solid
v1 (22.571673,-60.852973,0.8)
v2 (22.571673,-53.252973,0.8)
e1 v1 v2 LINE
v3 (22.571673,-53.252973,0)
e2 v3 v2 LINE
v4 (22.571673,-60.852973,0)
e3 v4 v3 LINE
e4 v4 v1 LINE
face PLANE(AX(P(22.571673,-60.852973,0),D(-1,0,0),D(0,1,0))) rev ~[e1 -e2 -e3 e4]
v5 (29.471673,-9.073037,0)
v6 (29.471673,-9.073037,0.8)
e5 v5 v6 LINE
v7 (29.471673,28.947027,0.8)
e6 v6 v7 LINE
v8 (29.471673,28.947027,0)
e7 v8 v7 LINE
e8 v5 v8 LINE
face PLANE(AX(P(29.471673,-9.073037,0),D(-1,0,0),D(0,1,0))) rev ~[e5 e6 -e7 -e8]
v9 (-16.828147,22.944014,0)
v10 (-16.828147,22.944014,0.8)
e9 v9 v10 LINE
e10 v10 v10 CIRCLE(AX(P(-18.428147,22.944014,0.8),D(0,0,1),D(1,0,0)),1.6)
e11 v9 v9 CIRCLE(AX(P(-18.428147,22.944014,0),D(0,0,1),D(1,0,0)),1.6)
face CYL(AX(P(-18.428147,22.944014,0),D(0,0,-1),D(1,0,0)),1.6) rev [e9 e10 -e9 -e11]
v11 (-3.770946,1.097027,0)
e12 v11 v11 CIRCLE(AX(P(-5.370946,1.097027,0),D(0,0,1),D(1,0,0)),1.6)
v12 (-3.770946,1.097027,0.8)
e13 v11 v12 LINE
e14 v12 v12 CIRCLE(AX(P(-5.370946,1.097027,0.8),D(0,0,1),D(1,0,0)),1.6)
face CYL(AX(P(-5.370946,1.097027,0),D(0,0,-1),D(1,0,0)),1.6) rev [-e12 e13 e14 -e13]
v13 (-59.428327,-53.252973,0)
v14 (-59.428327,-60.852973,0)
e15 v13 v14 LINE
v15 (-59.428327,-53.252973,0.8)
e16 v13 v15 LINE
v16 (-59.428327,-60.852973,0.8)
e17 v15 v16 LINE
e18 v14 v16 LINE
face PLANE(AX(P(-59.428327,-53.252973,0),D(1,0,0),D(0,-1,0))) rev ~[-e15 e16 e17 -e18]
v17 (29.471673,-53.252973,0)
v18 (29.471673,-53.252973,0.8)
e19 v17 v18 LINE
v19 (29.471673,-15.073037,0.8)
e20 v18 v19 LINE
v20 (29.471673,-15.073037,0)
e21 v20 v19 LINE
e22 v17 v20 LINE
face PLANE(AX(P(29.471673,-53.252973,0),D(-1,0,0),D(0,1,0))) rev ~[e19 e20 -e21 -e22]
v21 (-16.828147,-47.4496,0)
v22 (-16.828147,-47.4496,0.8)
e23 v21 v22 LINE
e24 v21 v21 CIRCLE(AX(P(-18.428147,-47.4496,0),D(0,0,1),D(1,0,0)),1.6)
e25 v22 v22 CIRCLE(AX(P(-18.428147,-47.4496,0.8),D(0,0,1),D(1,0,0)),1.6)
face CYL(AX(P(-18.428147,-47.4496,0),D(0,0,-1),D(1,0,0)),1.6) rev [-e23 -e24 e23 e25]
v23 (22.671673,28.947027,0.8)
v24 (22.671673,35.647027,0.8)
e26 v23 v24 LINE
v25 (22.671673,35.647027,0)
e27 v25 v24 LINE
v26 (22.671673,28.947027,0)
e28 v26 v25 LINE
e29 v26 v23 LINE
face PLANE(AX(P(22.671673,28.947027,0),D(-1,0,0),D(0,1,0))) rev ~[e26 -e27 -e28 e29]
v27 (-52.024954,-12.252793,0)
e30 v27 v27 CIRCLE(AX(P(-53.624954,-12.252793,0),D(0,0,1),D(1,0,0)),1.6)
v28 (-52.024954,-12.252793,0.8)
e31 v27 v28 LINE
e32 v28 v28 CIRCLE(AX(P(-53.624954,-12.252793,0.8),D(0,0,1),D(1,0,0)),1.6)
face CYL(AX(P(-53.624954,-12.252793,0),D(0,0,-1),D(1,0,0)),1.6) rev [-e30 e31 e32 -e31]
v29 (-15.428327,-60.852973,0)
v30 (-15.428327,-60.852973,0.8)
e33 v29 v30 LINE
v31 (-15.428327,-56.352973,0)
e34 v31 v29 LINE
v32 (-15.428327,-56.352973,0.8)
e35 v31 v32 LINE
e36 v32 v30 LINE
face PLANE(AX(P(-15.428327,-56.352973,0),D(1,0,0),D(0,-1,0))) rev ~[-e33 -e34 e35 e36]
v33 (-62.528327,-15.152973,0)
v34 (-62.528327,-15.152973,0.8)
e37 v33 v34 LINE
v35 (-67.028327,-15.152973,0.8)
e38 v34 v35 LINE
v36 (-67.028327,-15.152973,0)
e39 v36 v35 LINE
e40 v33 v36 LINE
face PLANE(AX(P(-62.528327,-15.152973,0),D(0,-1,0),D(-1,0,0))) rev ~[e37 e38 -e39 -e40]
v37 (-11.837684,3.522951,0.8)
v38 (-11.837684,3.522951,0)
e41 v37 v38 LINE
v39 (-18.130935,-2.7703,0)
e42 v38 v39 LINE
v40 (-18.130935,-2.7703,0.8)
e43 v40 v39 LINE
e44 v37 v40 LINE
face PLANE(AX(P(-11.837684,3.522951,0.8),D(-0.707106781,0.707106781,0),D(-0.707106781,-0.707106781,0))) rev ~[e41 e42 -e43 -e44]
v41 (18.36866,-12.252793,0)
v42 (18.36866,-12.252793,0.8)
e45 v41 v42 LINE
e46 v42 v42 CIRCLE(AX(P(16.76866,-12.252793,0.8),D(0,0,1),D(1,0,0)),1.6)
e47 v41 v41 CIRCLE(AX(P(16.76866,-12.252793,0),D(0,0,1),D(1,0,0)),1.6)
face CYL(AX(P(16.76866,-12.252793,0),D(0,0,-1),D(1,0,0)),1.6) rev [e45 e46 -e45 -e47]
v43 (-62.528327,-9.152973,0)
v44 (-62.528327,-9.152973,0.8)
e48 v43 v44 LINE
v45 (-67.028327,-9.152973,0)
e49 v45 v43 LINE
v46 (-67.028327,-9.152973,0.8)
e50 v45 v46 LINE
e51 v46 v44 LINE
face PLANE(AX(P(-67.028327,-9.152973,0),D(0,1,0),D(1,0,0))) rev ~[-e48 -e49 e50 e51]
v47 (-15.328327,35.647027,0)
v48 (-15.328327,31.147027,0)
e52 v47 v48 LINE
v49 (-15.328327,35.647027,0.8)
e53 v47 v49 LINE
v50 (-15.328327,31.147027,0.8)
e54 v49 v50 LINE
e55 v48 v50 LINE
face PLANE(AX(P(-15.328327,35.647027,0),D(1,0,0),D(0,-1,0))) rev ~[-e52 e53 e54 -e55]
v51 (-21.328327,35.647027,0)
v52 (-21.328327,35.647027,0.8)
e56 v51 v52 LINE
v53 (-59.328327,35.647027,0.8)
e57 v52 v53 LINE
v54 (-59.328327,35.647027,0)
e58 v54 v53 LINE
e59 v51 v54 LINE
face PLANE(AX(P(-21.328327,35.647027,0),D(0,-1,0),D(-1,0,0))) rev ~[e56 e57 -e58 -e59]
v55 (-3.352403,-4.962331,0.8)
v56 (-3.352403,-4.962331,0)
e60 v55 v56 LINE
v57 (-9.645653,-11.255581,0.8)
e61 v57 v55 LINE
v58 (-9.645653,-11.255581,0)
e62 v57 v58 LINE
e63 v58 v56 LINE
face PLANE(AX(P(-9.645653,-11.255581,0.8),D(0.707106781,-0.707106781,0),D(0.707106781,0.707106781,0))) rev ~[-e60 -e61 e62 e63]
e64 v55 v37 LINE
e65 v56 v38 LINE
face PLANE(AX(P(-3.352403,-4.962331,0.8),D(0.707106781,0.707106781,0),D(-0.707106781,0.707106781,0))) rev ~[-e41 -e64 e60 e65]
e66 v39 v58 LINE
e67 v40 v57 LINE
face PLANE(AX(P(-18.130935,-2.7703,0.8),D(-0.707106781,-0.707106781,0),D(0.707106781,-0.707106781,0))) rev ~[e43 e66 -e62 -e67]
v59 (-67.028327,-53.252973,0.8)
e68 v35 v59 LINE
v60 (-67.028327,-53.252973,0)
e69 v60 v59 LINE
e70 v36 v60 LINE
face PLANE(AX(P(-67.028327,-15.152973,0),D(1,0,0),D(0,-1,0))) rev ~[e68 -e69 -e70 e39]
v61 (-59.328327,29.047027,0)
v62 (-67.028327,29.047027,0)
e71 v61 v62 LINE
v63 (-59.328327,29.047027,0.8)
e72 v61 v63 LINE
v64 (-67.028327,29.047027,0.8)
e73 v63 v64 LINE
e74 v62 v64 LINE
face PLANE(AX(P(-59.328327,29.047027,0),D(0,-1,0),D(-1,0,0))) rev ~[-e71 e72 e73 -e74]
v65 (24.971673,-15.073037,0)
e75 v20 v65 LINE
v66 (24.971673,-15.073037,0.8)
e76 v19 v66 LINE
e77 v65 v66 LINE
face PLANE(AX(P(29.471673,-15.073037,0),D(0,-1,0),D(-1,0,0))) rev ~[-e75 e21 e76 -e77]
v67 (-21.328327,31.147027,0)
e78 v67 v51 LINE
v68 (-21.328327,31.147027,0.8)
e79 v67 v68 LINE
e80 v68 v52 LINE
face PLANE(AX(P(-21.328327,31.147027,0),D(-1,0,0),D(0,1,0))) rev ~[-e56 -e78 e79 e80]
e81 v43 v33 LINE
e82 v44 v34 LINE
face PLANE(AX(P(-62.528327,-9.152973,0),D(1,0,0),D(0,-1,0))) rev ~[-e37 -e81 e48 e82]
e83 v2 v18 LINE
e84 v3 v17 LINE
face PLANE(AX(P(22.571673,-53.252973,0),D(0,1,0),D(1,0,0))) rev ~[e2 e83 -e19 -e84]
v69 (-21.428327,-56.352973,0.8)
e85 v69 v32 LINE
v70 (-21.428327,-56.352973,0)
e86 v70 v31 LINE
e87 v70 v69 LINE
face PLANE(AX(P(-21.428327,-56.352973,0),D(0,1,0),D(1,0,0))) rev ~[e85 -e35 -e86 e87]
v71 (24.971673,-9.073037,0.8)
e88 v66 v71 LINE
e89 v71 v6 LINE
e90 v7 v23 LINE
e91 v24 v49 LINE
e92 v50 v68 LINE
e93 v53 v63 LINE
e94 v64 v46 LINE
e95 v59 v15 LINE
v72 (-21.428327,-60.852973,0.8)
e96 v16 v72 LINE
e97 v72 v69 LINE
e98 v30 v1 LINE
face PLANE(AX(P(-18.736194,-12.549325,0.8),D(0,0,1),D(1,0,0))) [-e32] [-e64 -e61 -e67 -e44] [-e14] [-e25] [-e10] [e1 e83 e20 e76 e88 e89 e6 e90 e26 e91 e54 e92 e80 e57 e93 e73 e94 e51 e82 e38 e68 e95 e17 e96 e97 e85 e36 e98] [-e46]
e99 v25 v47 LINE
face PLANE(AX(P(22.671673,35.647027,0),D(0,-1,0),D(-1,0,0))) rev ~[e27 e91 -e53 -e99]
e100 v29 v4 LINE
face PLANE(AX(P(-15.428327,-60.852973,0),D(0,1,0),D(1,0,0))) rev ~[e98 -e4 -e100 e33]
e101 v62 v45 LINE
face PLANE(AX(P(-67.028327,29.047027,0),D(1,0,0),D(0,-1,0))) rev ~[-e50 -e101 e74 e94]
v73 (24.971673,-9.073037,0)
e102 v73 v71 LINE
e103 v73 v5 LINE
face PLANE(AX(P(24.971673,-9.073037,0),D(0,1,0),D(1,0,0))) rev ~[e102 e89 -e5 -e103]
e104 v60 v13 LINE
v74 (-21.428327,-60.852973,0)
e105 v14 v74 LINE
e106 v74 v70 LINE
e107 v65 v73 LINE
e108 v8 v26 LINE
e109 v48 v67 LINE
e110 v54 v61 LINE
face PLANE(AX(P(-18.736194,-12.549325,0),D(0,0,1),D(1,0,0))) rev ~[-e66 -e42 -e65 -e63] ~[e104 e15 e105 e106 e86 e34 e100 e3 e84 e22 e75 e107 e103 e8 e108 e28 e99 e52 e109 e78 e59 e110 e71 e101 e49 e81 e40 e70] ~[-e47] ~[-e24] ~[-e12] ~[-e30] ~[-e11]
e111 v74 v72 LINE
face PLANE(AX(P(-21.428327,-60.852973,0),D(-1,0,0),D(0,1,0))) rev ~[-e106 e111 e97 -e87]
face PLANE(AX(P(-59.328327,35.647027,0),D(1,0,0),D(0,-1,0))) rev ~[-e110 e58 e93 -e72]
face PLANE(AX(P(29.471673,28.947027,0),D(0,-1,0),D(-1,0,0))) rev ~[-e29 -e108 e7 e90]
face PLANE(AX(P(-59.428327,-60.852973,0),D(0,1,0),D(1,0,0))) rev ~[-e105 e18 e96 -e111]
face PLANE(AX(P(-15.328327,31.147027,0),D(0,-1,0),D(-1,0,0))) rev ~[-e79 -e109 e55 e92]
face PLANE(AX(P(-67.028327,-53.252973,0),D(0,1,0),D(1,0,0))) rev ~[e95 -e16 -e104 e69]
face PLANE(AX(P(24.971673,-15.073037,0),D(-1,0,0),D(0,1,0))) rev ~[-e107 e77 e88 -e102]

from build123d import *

# Parameters (mm, degrees)
SKETCH1_R           = 1.6
BOSS_EXTRUDE1_DEPTH = 0.8
CUT_EXTRUDE1_DEPTH  = 0.8


with BuildPart() as part:
    # Sketch1 → Boss-Extrude1 (new body)
    with BuildSketch(Plane.XY):
        Polygon((-21.328326925, 35.64702685), (-59.328326925, 35.64702685), (-59.328326925, 29.04702685), (-67.028326925, 29.04702685), (-67.028326925, -9.15297315), (-62.528326925, -9.15297315), (-62.528326925, -15.15297315), (-67.028326925, -15.15297315), (-67.028326925, -53.25297315), (-59.428326925, -53.25297315), (-59.428326925, -60.85297315), (-21.428326925, -60.85297315), (-21.428326925, -56.35297315), (-15.428326925, -56.35297315), (-15.428326925, -60.85297315), (22.571673075, -60.85297315), (22.571673075, -53.25297315), (29.471673075, -53.25297315), (29.471673075, -15.073036827), (24.971673075, -15.073036827), (24.971673075, -9.073036827), (29.471673075, -9.073036827), (29.471673075, 28.94702685), (22.671673075, 28.94702685), (22.671673075, 35.64702685), (-15.328326925, 35.64702685), (-15.328326925, 31.14702685), (-21.328326925, 31.14702685), align=None)
        with Locations((-18.428147066, -47.449600232)):
            Circle(SKETCH1_R, mode=Mode.SUBTRACT)
        with Locations((-53.624954006, -12.252793292)):
            Circle(SKETCH1_R, mode=Mode.SUBTRACT)
        with Locations((-5.370945752, 1.09702685)):
            Circle(SKETCH1_R, mode=Mode.SUBTRACT)
        with Locations((16.768659873, -12.252793292)):
            Circle(SKETCH1_R, mode=Mode.SUBTRACT)
        with Locations((-18.428147066, 22.944013647)):
            Circle(SKETCH1_R, mode=Mode.SUBTRACT)
    extrude(amount=BOSS_EXTRUDE1_DEPTH)

    # Sketch2 → Cut-Extrude1 (cut)
    with BuildSketch(Plane.XY.offset(0.8)):
        Polygon((-7.935255139, -9.545182739), (-16.420536513, -1.059901365), (-18.130934836, -2.770299688), (-9.645653462, -11.255581062), align=None)
        Polygon((-5.036117336, -6.646044936), (-13.52139871, 1.839236438), (-16.420536513, -1.059901365), (-7.935255139, -9.545182739), align=None)
        Polygon((-3.35240311, -4.96233071), (-11.837684484, 3.522950664), (-13.52139871, 1.839236438), (-5.036117336, -6.646044936), align=None)
    extrude(amount=-CUT_EXTRUDE1_DEPTH, mode=Mode.SUBTRACT)


solid = part.part
